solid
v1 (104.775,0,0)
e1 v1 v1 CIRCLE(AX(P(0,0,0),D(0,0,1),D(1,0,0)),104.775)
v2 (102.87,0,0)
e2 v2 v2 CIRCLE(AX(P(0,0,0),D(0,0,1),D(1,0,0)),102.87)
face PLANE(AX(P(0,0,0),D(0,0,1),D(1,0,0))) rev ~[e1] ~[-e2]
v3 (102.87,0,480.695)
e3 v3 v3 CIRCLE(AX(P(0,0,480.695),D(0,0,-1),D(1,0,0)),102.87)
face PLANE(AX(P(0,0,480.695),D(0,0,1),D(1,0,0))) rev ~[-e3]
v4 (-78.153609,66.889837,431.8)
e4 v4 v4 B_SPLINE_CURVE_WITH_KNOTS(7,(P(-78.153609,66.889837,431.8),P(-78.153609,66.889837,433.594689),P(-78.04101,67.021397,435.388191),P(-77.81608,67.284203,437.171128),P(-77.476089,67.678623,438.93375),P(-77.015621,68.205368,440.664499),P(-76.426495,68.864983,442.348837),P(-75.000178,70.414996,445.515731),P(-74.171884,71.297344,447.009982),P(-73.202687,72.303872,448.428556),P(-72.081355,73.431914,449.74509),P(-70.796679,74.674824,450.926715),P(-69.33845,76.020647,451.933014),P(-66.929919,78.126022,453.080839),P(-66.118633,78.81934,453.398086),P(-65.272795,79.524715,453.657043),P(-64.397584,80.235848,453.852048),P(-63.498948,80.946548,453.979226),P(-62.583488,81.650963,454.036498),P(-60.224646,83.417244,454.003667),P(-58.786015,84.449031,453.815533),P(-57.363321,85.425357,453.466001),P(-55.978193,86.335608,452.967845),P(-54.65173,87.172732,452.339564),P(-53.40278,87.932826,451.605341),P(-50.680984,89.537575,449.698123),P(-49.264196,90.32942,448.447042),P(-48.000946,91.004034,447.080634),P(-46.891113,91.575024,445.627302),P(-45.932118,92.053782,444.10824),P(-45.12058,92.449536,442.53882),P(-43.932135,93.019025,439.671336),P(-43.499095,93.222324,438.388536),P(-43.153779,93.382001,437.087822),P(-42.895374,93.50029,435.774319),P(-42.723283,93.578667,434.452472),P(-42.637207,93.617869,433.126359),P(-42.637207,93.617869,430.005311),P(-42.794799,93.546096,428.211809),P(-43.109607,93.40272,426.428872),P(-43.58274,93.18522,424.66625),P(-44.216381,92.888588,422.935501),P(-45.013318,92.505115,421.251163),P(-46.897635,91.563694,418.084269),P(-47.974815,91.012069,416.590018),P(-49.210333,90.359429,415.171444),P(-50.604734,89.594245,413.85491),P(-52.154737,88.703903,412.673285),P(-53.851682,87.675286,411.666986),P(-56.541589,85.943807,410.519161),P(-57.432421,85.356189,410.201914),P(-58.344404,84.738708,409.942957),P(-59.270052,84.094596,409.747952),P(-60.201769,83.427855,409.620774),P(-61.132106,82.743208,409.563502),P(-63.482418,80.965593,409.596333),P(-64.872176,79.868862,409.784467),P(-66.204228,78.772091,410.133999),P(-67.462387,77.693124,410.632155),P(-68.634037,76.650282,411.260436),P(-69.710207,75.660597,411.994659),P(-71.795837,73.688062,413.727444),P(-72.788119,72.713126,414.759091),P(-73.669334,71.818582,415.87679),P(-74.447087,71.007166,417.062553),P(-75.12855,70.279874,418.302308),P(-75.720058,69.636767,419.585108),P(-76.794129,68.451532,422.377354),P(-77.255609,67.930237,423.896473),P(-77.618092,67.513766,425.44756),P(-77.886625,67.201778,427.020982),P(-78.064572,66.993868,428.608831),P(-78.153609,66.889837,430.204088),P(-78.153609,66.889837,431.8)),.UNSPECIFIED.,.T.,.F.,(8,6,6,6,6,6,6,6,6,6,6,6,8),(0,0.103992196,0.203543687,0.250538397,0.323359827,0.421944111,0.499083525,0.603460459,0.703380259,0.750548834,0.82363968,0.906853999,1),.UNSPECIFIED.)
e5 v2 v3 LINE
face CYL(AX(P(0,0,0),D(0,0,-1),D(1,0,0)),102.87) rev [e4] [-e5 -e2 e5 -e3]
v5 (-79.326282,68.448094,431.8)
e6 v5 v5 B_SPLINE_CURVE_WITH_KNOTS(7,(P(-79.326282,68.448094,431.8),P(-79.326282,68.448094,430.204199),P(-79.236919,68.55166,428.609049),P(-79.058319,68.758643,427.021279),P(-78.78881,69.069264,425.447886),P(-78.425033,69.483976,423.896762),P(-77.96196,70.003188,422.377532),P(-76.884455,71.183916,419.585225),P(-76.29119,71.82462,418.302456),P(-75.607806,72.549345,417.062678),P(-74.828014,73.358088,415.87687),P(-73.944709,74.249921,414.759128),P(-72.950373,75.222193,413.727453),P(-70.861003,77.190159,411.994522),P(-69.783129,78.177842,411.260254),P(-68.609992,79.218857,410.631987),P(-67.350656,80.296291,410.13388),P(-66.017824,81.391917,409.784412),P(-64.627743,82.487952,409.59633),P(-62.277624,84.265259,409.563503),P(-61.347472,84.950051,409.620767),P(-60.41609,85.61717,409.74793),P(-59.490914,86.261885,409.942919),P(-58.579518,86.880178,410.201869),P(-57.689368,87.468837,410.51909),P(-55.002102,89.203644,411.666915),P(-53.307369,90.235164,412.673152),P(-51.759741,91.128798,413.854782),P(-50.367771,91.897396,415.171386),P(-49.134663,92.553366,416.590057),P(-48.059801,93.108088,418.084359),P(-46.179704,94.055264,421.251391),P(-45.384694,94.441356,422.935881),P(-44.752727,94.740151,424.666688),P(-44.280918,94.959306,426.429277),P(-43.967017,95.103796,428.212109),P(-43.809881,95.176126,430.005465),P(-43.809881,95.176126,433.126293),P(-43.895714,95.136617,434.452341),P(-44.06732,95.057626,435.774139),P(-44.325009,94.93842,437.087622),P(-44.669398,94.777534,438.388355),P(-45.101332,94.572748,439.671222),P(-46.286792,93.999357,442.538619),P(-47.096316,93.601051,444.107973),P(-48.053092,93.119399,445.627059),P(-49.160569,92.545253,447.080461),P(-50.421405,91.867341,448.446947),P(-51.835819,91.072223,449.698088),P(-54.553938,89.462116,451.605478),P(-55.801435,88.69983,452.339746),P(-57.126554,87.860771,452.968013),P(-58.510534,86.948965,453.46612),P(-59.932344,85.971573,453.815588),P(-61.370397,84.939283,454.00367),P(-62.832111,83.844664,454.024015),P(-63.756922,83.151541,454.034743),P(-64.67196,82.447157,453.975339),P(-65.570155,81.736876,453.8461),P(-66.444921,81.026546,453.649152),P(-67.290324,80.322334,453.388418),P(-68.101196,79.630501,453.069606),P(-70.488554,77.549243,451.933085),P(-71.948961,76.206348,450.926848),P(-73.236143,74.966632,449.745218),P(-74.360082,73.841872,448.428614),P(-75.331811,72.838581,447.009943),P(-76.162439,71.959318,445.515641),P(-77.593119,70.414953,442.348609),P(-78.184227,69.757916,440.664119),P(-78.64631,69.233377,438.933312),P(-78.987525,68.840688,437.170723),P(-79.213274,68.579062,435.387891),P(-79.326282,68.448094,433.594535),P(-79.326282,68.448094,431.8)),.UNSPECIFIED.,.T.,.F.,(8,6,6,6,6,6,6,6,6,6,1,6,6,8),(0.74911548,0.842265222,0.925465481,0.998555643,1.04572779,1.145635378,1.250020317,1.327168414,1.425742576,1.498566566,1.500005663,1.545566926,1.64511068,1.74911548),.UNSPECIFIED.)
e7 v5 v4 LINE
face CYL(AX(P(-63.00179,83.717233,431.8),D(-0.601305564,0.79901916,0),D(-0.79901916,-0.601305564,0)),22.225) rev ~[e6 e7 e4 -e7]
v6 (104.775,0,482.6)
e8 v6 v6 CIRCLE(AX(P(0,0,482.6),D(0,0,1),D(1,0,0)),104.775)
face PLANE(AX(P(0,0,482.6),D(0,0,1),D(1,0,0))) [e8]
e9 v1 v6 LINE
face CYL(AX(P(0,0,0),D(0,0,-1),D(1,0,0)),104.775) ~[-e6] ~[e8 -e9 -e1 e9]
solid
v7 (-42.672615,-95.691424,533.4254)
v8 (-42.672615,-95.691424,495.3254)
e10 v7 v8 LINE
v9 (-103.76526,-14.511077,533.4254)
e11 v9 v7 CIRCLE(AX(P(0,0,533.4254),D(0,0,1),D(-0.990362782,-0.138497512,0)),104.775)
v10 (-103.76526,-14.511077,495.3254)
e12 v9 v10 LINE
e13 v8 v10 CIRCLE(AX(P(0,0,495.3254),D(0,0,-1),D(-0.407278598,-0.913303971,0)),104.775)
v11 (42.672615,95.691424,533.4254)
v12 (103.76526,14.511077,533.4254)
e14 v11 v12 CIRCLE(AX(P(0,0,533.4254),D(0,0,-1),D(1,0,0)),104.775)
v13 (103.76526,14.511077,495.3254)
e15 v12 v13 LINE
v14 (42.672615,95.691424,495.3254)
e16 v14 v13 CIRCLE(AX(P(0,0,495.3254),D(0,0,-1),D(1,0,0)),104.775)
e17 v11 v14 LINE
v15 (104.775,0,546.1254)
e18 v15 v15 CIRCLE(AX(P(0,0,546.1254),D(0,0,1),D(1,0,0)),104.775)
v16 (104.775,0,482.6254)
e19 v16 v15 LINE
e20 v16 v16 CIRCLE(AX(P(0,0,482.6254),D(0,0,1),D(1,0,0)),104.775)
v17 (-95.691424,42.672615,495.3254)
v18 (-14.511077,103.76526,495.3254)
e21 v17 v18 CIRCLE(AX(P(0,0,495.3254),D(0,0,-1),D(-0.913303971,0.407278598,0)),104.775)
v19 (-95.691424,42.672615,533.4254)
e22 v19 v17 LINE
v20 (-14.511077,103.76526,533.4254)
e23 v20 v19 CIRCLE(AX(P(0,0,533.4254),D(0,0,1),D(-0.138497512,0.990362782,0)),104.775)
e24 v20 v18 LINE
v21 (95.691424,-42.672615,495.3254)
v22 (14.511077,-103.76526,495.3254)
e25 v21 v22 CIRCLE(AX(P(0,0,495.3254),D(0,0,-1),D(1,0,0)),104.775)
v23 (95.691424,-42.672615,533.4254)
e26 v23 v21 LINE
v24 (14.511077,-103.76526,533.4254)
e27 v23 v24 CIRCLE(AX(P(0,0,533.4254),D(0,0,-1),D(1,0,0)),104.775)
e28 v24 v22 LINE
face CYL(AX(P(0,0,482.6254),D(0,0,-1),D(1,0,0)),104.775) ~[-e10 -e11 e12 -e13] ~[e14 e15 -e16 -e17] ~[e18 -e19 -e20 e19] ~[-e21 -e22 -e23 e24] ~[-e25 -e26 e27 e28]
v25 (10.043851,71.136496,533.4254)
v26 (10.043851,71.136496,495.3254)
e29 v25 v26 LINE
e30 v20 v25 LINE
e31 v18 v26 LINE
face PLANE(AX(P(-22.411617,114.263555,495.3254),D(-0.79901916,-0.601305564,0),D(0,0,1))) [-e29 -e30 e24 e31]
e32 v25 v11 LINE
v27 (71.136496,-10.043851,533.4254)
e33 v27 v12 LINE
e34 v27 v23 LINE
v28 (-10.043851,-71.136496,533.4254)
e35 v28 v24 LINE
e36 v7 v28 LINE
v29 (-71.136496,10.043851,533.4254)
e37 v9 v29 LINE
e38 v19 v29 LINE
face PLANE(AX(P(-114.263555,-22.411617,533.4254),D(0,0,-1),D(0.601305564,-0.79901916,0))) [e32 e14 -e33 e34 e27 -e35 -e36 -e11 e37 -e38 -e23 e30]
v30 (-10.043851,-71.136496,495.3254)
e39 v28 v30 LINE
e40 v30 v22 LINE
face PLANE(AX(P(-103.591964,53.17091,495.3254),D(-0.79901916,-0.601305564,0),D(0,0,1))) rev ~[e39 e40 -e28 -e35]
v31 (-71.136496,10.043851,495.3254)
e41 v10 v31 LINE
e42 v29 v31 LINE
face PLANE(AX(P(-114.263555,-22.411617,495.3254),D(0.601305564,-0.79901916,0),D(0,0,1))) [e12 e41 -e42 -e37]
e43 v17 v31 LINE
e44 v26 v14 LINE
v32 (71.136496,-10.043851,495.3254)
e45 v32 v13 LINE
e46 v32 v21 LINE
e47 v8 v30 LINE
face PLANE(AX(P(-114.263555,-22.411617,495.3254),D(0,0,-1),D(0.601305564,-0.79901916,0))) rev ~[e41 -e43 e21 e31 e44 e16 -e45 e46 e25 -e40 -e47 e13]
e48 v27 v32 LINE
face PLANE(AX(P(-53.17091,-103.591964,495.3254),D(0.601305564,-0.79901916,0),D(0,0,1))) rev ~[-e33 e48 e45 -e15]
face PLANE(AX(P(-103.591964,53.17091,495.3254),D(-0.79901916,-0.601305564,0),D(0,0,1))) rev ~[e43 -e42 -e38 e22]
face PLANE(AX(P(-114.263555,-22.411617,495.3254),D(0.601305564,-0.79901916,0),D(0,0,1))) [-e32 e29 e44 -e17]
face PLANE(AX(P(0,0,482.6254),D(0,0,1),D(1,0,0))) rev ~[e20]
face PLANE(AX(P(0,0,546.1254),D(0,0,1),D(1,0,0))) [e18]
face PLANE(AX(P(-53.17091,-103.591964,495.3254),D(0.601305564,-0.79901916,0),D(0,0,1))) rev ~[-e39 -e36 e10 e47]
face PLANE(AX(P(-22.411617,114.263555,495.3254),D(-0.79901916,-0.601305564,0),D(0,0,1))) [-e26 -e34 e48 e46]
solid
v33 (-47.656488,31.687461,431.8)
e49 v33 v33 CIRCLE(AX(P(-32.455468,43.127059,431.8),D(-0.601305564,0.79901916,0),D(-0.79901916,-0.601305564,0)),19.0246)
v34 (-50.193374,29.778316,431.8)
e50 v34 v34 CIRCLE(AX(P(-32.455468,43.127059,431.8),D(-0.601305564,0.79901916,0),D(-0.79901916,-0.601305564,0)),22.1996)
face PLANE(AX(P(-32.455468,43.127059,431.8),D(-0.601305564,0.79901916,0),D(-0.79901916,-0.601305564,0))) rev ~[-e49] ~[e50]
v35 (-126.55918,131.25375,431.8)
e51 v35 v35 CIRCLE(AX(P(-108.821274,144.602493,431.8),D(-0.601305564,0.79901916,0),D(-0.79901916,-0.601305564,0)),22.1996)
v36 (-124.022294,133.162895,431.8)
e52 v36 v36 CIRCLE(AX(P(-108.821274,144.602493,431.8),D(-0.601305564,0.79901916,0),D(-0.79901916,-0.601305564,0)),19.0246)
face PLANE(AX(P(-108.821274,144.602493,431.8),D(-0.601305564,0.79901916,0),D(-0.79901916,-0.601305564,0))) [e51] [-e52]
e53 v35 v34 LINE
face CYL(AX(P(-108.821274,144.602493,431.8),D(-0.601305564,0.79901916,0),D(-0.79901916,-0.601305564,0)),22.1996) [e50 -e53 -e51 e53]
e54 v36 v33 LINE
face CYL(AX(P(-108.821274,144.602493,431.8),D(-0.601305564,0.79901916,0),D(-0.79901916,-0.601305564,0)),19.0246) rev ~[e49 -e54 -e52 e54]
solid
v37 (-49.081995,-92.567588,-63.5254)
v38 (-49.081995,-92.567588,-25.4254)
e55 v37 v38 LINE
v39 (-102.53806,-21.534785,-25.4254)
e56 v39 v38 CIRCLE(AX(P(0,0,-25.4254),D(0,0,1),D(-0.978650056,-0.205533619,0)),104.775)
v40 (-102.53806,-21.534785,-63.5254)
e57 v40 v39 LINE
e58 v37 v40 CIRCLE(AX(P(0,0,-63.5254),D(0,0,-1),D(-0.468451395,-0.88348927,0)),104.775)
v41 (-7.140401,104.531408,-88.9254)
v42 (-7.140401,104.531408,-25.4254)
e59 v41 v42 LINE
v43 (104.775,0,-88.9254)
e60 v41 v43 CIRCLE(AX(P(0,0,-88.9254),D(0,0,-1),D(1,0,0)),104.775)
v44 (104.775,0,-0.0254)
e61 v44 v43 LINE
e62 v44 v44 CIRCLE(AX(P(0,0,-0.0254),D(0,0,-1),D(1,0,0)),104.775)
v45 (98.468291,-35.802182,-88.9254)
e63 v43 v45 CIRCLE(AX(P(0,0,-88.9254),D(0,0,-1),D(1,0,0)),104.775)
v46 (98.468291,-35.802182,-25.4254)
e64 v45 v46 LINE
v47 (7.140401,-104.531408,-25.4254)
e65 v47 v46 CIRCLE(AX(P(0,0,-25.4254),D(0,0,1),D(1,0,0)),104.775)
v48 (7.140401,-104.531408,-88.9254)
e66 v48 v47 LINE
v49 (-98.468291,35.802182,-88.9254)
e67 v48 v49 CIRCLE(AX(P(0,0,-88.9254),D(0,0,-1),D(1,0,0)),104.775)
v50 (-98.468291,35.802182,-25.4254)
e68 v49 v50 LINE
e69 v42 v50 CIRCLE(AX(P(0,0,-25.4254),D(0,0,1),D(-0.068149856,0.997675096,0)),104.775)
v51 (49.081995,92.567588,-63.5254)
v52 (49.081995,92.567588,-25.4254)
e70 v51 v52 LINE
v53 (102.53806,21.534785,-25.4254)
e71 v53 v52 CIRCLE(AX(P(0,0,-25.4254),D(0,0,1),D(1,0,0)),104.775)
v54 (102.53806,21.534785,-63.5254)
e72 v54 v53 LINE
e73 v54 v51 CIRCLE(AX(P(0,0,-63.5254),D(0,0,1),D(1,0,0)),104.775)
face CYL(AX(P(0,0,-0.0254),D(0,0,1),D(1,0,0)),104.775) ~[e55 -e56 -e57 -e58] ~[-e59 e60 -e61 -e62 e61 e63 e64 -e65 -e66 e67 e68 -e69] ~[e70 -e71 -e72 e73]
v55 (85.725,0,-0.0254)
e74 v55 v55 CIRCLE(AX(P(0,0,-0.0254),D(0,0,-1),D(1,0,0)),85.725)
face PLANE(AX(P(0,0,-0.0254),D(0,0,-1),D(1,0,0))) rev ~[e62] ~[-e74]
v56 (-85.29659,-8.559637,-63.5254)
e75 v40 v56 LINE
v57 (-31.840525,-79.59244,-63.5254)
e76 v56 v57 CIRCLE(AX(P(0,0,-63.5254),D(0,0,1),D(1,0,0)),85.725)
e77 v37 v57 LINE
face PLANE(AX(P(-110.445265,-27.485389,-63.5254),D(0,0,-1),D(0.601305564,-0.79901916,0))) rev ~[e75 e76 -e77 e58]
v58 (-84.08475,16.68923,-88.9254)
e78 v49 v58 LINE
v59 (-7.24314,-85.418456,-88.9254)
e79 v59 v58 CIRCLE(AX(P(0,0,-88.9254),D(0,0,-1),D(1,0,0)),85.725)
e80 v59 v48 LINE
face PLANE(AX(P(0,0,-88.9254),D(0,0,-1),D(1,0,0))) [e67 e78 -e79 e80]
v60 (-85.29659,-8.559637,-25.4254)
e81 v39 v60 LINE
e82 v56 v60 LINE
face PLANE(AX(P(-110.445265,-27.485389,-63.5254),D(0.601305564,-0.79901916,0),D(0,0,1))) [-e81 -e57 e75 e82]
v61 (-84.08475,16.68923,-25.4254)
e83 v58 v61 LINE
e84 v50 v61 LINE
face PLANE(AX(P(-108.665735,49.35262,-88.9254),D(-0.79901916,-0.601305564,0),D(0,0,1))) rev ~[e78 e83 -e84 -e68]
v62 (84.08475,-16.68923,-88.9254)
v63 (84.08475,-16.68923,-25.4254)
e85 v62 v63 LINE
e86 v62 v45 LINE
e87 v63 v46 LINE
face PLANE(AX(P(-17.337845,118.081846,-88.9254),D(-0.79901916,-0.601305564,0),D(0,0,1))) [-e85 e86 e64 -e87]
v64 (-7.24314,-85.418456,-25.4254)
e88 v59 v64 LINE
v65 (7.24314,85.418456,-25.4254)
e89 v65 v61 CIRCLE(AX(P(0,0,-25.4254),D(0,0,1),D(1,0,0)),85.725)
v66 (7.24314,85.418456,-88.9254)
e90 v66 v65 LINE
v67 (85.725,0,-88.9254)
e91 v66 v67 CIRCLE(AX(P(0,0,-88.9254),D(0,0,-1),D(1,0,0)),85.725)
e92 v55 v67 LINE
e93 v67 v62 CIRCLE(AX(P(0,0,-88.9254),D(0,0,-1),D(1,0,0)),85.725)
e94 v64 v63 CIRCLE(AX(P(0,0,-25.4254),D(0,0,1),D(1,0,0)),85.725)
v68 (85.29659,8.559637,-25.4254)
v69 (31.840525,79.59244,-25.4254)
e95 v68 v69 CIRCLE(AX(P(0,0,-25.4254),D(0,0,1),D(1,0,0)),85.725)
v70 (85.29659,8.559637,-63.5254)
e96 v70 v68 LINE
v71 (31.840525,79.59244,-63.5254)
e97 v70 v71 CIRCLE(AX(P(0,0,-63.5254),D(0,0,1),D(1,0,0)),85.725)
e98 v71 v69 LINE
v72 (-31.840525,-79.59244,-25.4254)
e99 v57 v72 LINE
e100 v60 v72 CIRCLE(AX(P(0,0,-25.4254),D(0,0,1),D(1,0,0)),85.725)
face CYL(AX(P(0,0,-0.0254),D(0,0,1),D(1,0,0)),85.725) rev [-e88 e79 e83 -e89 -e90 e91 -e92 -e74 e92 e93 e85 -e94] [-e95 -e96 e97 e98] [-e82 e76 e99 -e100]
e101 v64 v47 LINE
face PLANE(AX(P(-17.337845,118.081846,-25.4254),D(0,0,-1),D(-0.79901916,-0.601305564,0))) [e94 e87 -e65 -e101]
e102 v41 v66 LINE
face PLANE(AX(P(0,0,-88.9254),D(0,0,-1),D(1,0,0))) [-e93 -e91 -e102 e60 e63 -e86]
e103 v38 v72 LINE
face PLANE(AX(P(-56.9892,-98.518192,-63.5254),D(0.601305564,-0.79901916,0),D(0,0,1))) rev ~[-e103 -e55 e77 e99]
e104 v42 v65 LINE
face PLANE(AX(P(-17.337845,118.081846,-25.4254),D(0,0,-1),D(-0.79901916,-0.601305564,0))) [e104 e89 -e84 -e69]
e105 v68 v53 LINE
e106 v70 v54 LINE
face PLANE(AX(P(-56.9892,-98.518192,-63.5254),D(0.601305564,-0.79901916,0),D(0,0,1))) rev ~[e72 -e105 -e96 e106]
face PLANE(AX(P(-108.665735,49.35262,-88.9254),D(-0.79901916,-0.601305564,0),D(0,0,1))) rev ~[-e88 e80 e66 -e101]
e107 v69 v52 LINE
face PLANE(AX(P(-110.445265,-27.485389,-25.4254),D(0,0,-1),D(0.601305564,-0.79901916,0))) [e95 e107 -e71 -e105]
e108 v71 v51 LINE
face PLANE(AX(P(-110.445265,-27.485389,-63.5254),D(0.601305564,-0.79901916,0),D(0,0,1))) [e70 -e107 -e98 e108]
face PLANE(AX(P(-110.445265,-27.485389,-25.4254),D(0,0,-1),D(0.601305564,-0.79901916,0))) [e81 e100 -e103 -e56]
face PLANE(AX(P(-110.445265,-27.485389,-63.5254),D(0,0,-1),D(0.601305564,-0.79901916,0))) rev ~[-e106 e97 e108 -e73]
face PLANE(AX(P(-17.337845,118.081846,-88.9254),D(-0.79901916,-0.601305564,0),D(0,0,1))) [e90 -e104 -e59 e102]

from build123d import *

# Parameters (mm, degrees)
F0_R      = 104.775
F1_DEPTH  = 482.6
F2_T      = -1.905
F4_R      = 104.775
F4_R_2    = 85.725
F5_DEPTH  = 88.9
F7_R      = 104.775
F8_DEPTH  = 63.5
F11_R     = 22.225
F12_DEPTH = 25.4
F14_W     = 101.6
F14_H     = 38.1
F14_H_2   = 50.8
F15_DEPTH = 251.4950231374
F16_W     = 101.6
F16_H     = 38.1
F17_DEPTH = 251.4950231374
F18_W     = 114.3
F18_H     = 63.5
F19_DEPTH = 251.4950231374
F20_W     = 88.9
F20_H     = 38.1
F21_DEPTH = 251.4950231374
F23_R     = 22.1996
F23_R_2   = 19.0246
F24_DEPTH = 127


with BuildPart() as f1:
    # F0 (on Top) → F1 (new body)
    with BuildSketch(Plane.XY):
        Circle(F0_R)
    extrude(amount=F1_DEPTH)

    # F2
    f2_openings = [f1.faces().sort_by_distance(p)[0] for p in [
        (0, 0, 0),
    ]]
    offset(amount=F2_T, openings=f2_openings)

    # F11 (on line) → F12 (cut)
    with BuildSketch(Plane(origin=(-63.0017904571, 83.7172325402, 0), x_dir=(-0.7990191605, -0.6013055639, 0), z_dir=(-0.6013055639, 0.7990191605, 0))):
        with Locations((0, 431.8)):
            Circle(F11_R)
    extrude(amount=-F12_DEPTH, mode=Mode.SUBTRACT)


with BuildPart() as f5:
    # F4 (on offset) → F5 (new body)
    with BuildSketch(Plane(origin=(0, 0, -0.0254), x_dir=(1, 0, 0), z_dir=(0, 0, -1))):
        Circle(F4_R)
        Circle(F4_R_2, mode=Mode.SUBTRACT)
    extrude(amount=F5_DEPTH)

    # F18 (on line) → F19 (cut, through all)
    with BuildSketch(Plane(origin=(-63.0017904571, 83.7172325402, 0), x_dir=(-0.7990191605, -0.6013055639, 0), z_dir=(-0.6013055639, 0.7990191605, 0))):
        with Locations((0, -57.1754)):
            Rectangle(F18_W, F18_H)
    extrude(amount=-F19_DEPTH, mode=Mode.SUBTRACT)

    # F20 (on line) → F21 (cut, through all)
    with BuildSketch(Plane(origin=(-83.7172325402, -63.0017904571, 0), x_dir=(0.6013055639, -0.7990191605, 0), z_dir=(-0.7990191605, -0.6013055639, 0))):
        with Locations((0, -44.4754)):
            Rectangle(F20_W, F20_H)
    extrude(amount=-F21_DEPTH, mode=Mode.SUBTRACT)


with BuildPart() as f8:
    # F7 (on offset) → F8 (new body)
    with BuildSketch(Plane.XY.offset(482.6254)):
        Circle(F7_R)
    extrude(amount=F8_DEPTH)

    # F14 (on line) → F15 (cut, through all)
    with BuildSketch(Plane(origin=(-83.7172325402, -63.0017904571, 0), x_dir=(0.6013055639, -0.7990191605, 0), z_dir=(-0.7990191605, -0.6013055639, 0))):
        with Locations((0, 514.3754)):
            Rectangle(F14_W, F14_H)
        with Locations((0, -44.4754)):
            Rectangle(F14_W, F14_H_2)
    extrude(amount=-F15_DEPTH, mode=Mode.SUBTRACT)

    # F16 (on line) → F17 (cut, through all)
    with BuildSketch(Plane(origin=(-63.0017904571, 83.7172325402, 0), x_dir=(-0.7990191605, -0.6013055639, 0), z_dir=(-0.6013055639, 0.7990191605, 0))):
        with Locations((0, 514.3754)):
            Rectangle(F16_W, F16_H)
    extrude(amount=-F17_DEPTH, mode=Mode.SUBTRACT)


with BuildPart() as f24:
    # F23 (on offset) → F24 (new body)
    with BuildSketch(Plane(origin=(-108.8212744259, 144.6024925695, 0), x_dir=(-0.7990191605, -0.6013055639, 0), z_dir=(-0.6013055639, 0.7990191605, 0))):
        with Locations((0, 431.8)):
            Circle(F23_R)
        with Locations((0, 431.8)):
            Circle(F23_R_2, mode=Mode.SUBTRACT)
    extrude(amount=-F24_DEPTH)


solid = Compound([f1.part, f5.part, f8.part, f24.part])
